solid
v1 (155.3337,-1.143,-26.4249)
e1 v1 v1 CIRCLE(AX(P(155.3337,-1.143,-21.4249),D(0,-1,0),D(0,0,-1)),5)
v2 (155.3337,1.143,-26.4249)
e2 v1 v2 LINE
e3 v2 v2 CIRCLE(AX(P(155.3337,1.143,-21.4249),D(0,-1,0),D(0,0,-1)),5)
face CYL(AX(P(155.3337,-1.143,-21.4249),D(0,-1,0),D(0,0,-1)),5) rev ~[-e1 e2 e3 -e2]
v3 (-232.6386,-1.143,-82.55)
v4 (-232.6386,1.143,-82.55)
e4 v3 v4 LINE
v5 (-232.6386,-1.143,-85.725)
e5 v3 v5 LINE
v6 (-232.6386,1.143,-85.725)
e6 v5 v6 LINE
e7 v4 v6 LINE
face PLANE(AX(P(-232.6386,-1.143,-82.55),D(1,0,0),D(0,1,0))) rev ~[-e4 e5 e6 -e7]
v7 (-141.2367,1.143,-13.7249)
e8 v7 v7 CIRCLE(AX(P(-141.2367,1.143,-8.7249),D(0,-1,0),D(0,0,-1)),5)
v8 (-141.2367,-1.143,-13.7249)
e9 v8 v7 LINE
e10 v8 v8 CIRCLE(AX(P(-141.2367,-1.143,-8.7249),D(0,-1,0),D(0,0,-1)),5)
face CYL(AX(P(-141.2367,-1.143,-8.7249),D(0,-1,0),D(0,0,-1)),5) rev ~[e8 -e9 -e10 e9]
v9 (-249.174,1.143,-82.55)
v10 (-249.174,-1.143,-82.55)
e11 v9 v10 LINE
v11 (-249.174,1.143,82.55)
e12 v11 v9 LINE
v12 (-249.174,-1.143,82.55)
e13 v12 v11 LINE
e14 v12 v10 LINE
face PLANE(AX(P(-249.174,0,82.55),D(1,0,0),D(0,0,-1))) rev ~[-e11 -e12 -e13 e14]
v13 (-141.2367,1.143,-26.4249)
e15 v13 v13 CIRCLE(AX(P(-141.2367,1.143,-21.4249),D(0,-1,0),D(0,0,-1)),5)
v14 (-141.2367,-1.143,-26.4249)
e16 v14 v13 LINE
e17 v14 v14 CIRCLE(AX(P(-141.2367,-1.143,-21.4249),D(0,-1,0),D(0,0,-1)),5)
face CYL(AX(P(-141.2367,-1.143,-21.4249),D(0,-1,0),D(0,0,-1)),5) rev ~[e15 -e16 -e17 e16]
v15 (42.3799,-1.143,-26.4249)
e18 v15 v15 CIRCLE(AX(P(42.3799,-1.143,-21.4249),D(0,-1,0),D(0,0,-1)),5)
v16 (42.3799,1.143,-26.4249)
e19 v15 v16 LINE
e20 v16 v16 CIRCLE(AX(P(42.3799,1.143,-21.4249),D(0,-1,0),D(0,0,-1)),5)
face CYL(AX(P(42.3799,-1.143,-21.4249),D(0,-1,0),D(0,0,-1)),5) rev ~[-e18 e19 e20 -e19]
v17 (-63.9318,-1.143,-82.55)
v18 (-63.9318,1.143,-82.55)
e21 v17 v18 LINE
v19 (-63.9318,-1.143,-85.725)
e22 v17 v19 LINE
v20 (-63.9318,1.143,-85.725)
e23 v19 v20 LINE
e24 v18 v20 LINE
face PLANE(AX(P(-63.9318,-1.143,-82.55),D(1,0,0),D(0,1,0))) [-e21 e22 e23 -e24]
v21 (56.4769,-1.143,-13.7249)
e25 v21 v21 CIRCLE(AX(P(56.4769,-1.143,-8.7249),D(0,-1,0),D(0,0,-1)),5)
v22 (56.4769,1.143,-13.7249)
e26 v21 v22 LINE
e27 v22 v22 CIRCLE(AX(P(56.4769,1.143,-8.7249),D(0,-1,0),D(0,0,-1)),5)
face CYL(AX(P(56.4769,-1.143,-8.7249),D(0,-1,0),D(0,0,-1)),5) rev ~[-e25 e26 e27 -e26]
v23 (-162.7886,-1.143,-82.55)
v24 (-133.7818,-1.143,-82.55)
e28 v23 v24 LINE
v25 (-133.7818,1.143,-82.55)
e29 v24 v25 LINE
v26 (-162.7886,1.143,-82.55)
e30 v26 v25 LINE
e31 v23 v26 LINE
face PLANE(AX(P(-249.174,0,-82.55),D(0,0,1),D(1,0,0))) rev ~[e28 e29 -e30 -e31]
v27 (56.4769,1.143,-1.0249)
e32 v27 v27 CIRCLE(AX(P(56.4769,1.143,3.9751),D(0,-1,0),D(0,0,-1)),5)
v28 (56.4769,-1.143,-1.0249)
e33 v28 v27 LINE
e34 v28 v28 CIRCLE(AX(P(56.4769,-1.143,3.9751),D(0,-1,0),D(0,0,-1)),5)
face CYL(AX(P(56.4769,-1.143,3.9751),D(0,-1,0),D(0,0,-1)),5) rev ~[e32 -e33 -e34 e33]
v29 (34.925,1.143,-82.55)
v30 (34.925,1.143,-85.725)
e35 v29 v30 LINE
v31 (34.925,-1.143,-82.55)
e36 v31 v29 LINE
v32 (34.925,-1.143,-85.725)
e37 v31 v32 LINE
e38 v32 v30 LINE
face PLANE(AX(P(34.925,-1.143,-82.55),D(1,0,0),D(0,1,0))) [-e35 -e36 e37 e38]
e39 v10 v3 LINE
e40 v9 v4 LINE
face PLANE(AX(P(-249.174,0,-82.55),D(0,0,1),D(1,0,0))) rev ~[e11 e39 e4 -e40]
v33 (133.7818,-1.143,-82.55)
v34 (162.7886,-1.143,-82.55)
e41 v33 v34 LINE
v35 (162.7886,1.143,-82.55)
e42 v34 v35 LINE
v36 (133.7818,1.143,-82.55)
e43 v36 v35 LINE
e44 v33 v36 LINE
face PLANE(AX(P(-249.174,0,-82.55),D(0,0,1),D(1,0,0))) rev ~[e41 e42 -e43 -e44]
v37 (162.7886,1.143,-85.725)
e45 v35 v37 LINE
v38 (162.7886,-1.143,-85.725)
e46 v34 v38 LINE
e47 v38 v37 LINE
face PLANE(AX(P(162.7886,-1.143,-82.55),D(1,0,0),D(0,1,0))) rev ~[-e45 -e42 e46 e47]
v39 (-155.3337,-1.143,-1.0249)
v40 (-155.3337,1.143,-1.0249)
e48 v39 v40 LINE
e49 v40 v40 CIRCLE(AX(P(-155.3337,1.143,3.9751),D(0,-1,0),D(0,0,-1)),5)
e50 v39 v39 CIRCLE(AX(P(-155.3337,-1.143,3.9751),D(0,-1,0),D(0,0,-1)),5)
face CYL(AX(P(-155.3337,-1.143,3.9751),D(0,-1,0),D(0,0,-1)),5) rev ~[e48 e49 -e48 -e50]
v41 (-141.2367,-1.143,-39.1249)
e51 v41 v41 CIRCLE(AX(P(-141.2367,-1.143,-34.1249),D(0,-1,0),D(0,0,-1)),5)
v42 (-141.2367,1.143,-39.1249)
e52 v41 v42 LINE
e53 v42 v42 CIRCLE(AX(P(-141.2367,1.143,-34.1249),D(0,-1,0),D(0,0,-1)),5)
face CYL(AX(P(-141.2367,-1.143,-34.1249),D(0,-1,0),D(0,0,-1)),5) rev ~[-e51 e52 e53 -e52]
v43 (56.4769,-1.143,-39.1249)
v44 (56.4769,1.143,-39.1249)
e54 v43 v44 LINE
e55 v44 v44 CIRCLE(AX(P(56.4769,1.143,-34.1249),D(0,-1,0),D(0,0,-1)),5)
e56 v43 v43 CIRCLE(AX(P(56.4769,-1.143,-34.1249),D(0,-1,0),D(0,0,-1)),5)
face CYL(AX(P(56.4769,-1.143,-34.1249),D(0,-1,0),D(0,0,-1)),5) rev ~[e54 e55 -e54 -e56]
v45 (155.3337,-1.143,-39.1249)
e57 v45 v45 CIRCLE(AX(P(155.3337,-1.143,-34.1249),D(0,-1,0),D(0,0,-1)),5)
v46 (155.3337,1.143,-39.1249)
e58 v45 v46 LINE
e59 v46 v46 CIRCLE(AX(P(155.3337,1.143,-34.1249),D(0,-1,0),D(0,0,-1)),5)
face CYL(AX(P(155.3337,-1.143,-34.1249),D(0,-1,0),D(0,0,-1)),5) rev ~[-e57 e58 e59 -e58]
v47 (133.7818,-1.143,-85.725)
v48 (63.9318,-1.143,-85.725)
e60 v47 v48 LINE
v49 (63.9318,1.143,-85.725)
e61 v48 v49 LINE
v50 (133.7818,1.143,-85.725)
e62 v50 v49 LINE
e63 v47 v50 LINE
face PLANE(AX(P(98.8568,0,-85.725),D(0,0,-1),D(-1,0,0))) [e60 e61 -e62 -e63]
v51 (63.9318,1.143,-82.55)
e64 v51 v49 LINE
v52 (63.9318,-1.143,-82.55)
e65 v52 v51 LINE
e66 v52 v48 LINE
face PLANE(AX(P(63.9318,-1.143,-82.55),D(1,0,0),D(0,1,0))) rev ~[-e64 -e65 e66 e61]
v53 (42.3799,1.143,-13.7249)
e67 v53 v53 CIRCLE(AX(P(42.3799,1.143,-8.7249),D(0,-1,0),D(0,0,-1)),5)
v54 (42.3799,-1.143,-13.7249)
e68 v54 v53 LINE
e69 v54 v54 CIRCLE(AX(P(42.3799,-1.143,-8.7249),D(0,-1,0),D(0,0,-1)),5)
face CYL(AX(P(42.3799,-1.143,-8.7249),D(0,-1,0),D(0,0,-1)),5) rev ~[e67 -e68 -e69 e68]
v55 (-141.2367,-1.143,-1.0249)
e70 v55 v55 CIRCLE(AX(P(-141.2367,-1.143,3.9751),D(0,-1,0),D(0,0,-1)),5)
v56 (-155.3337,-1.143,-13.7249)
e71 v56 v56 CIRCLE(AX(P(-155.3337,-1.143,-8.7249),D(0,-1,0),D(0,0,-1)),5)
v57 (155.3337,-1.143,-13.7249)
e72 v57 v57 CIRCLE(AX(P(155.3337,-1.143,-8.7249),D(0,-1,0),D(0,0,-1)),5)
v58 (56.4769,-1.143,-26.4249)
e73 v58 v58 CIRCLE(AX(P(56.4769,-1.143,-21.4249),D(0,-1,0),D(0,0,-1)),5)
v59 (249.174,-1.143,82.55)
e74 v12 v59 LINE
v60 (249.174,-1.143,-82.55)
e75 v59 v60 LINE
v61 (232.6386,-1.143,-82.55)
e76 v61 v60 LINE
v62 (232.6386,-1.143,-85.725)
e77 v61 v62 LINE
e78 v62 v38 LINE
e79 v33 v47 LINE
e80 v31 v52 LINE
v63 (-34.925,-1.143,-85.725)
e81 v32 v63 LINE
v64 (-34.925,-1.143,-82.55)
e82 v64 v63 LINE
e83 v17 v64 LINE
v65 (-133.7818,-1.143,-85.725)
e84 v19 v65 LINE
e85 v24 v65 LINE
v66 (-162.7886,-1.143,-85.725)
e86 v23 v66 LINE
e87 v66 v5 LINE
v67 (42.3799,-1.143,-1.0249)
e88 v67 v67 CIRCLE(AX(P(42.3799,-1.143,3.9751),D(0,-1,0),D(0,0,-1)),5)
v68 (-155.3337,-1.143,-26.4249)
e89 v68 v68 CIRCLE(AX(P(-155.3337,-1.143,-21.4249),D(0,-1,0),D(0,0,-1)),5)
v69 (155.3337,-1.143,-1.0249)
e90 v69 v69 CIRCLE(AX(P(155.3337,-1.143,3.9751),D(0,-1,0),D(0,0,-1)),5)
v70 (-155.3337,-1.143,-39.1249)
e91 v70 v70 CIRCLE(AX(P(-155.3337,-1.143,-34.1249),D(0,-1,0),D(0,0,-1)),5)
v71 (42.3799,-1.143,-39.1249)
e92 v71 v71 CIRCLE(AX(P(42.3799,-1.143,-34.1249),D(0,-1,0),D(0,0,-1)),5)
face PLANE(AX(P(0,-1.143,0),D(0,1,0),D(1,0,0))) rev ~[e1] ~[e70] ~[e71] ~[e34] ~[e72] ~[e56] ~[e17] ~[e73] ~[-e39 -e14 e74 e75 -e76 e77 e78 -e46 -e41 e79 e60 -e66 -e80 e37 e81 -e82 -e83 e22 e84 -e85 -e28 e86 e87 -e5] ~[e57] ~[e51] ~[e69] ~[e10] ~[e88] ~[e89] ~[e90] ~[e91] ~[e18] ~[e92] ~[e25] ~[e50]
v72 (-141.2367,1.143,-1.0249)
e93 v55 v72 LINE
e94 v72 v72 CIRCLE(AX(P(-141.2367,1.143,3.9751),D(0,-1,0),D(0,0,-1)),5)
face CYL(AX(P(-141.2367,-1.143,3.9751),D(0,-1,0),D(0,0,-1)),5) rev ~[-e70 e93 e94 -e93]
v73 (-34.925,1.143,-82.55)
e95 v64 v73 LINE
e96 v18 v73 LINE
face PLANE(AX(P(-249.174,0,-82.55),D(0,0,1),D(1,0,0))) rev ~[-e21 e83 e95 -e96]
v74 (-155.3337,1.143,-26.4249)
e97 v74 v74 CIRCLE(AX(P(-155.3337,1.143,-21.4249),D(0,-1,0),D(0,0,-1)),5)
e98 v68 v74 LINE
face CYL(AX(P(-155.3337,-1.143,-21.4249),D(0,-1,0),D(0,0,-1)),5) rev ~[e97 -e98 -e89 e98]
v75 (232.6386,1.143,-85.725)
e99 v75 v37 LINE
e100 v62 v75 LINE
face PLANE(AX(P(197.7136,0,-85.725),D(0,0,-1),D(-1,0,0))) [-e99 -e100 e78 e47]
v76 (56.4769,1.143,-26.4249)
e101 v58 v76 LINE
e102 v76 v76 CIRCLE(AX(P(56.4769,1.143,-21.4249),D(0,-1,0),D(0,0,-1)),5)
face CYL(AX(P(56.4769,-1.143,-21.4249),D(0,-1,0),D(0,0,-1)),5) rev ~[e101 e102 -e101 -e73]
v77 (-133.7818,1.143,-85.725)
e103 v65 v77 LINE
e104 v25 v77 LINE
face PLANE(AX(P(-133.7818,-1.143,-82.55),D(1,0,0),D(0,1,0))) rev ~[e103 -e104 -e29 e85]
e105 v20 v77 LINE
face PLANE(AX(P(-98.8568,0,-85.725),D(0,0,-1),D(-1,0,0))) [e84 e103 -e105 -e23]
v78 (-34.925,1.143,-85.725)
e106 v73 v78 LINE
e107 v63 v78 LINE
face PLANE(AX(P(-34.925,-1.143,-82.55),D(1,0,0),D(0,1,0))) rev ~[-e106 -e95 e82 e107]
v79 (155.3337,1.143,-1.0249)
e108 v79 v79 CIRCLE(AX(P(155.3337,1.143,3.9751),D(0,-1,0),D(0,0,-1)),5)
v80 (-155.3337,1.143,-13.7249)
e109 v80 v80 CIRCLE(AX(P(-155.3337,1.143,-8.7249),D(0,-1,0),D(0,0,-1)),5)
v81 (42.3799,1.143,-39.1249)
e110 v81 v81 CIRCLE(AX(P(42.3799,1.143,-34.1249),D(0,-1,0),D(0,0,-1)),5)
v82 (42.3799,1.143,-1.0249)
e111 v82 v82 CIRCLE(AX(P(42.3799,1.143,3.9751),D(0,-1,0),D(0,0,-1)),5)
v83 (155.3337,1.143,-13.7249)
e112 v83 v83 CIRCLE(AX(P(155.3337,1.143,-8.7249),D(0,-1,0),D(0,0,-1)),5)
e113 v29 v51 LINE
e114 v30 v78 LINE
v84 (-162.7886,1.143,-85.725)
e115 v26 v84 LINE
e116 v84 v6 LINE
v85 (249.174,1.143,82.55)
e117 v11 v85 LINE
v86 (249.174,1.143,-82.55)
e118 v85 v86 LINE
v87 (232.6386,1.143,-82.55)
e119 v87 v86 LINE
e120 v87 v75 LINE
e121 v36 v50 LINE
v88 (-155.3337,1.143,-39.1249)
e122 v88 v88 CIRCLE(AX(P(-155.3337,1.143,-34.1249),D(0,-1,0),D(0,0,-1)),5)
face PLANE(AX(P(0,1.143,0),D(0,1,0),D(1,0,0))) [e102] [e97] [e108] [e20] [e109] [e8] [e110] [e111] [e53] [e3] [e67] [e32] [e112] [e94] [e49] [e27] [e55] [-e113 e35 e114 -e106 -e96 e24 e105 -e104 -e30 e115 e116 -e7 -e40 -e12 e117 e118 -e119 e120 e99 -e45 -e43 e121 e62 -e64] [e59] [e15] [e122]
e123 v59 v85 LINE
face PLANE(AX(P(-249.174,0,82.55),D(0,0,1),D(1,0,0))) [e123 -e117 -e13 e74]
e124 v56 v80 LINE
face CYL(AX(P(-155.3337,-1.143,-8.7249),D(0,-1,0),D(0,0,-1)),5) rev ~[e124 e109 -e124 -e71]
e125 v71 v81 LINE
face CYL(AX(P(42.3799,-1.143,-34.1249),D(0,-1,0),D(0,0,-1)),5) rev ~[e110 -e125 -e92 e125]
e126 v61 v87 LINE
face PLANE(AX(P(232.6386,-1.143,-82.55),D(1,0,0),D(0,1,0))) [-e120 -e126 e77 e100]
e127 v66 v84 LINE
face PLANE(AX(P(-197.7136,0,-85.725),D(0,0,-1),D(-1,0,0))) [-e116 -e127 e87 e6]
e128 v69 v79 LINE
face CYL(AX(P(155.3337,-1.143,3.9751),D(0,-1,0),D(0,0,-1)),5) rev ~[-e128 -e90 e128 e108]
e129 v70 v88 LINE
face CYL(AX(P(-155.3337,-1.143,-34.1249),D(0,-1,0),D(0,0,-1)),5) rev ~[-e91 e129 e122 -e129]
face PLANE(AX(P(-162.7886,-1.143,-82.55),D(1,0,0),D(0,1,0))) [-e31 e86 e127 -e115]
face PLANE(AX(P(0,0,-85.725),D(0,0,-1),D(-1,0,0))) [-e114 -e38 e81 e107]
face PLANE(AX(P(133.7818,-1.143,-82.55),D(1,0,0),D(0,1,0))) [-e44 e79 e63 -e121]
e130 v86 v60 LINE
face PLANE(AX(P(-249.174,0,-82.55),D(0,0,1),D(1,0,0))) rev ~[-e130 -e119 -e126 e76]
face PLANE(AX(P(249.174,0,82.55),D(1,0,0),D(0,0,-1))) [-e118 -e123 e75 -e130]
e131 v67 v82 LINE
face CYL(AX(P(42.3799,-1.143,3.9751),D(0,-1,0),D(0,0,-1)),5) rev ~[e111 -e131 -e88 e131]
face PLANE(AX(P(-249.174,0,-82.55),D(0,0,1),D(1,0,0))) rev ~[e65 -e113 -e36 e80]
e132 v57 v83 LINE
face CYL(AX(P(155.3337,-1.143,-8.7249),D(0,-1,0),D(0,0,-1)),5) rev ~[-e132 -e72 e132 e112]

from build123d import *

# Parameters (mm, degrees)
SKETCH1_W           = 498.348
SKETCH1_H           = 165.1
BOSS_EXTRUDE1_DEPTH = 1.143
SKETCH2_W           = 69.85
SKETCH2_H           = 2.286
BOSS_EXTRUDE2_DEPTH = 3.175
LPATTERN1_COUNT     = 5
LPATTERN1_PITCH     = 98.8568
SKETCH3_R           = 5
CUT_EXTRUDE1_DEPTH  = 264.517900145


with BuildPart() as part:
    # Sketch1 → Boss-Extrude1 (new, symmetric)
    with BuildSketch(Plane(origin=(0, 0, 0), x_dir=(1, 0, 0), z_dir=(0, 1, 0))):
        Rectangle(SKETCH1_W, SKETCH1_H)
    extrude(amount=BOSS_EXTRUDE1_DEPTH, both=True)

    # Sketch2 → Boss-Extrude2 (add)
    with BuildSketch(Plane(origin=(0, 0, -82.55), x_dir=(-1, 0, 0), z_dir=(0, 0, -1))):
        with Locations((-197.7136, 0)):
            Rectangle(SKETCH2_W, SKETCH2_H)
    boss_extrude2 = extrude(amount=BOSS_EXTRUDE2_DEPTH)

    # LPattern1: Boss-Extrude2 ×5
    with Locations(*[(-i * LPATTERN1_PITCH, 0, 0) for i in range(1, LPATTERN1_COUNT)]):
        add(boss_extrude2)

    # Sketch3 → Cut-Extrude1 (cut, through all)
    with BuildSketch(Plane.XZ.offset(1.143)):
        with Locations(Location((-155.3337, 3.9751, 0), (0, 0, 270))):
            Circle(SKETCH3_R)
        with Locations(Location((-141.2367, 3.9751, 0), (0, 0, 270))):
            Circle(SKETCH3_R)
        with Locations(Location((-141.2367, -8.7249, 0), (0, 0, 270))):
            Circle(SKETCH3_R)
        with Locations(Location((-155.3337, -8.7249, 0), (0, 0, 270))):
            Circle(SKETCH3_R)
        with Locations(Location((-141.2367, -21.4249, 0), (0, 0, 270))):
            Circle(SKETCH3_R)
        with Locations(Location((-155.3337, -21.4249, 0), (0, 0, 270))):
            Circle(SKETCH3_R)
        with Locations(Location((-141.2367, -34.1249, 0), (0, 0, 270))):
            Circle(SKETCH3_R)
        with Locations(Location((-155.3337, -34.1249, 0), (0, 0, 270))):
            Circle(SKETCH3_R)
        with Locations(Location((56.4769, 3.9751, 0), (0, 0, 270))):
            Circle(SKETCH3_R)
        with Locations(Location((56.4769, -8.7249, 0), (0, 0, 270))):
            Circle(SKETCH3_R)
        with Locations(Location((42.3799, 3.9751, 0), (0, 0, 270))):
            Circle(SKETCH3_R)
        with Locations(Location((42.3799, -8.7249, 0), (0, 0, 270))):
            Circle(SKETCH3_R)
        with Locations(Location((56.4769, -21.4249, 0), (0, 0, 270))):
            Circle(SKETCH3_R)
        with Locations(Location((42.3799, -21.4249, 0), (0, 0, 270))):
            Circle(SKETCH3_R)
        with Locations(Location((56.4769, -34.1249, 0), (0, 0, 270))):
            Circle(SKETCH3_R)
        with Locations(Location((42.3799, -34.1249, 0), (0, 0, 270))):
            Circle(SKETCH3_R)
        with Locations(Location((155.3337, 3.9751, 0), (0, 0, 270))):
            Circle(SKETCH3_R)
        with Locations(Location((155.3337, -8.7249, 0), (0, 0, 270))):
            Circle(SKETCH3_R)
        with Locations(Location((155.3337, -21.4249, 0), (0, 0, 270))):
            Circle(SKETCH3_R)
        with Locations(Location((155.3337, -34.1249, 0), (0, 0, 270))):
            Circle(SKETCH3_R)
    extrude(amount=-CUT_EXTRUDE1_DEPTH, mode=Mode.SUBTRACT)


solid = part.part
